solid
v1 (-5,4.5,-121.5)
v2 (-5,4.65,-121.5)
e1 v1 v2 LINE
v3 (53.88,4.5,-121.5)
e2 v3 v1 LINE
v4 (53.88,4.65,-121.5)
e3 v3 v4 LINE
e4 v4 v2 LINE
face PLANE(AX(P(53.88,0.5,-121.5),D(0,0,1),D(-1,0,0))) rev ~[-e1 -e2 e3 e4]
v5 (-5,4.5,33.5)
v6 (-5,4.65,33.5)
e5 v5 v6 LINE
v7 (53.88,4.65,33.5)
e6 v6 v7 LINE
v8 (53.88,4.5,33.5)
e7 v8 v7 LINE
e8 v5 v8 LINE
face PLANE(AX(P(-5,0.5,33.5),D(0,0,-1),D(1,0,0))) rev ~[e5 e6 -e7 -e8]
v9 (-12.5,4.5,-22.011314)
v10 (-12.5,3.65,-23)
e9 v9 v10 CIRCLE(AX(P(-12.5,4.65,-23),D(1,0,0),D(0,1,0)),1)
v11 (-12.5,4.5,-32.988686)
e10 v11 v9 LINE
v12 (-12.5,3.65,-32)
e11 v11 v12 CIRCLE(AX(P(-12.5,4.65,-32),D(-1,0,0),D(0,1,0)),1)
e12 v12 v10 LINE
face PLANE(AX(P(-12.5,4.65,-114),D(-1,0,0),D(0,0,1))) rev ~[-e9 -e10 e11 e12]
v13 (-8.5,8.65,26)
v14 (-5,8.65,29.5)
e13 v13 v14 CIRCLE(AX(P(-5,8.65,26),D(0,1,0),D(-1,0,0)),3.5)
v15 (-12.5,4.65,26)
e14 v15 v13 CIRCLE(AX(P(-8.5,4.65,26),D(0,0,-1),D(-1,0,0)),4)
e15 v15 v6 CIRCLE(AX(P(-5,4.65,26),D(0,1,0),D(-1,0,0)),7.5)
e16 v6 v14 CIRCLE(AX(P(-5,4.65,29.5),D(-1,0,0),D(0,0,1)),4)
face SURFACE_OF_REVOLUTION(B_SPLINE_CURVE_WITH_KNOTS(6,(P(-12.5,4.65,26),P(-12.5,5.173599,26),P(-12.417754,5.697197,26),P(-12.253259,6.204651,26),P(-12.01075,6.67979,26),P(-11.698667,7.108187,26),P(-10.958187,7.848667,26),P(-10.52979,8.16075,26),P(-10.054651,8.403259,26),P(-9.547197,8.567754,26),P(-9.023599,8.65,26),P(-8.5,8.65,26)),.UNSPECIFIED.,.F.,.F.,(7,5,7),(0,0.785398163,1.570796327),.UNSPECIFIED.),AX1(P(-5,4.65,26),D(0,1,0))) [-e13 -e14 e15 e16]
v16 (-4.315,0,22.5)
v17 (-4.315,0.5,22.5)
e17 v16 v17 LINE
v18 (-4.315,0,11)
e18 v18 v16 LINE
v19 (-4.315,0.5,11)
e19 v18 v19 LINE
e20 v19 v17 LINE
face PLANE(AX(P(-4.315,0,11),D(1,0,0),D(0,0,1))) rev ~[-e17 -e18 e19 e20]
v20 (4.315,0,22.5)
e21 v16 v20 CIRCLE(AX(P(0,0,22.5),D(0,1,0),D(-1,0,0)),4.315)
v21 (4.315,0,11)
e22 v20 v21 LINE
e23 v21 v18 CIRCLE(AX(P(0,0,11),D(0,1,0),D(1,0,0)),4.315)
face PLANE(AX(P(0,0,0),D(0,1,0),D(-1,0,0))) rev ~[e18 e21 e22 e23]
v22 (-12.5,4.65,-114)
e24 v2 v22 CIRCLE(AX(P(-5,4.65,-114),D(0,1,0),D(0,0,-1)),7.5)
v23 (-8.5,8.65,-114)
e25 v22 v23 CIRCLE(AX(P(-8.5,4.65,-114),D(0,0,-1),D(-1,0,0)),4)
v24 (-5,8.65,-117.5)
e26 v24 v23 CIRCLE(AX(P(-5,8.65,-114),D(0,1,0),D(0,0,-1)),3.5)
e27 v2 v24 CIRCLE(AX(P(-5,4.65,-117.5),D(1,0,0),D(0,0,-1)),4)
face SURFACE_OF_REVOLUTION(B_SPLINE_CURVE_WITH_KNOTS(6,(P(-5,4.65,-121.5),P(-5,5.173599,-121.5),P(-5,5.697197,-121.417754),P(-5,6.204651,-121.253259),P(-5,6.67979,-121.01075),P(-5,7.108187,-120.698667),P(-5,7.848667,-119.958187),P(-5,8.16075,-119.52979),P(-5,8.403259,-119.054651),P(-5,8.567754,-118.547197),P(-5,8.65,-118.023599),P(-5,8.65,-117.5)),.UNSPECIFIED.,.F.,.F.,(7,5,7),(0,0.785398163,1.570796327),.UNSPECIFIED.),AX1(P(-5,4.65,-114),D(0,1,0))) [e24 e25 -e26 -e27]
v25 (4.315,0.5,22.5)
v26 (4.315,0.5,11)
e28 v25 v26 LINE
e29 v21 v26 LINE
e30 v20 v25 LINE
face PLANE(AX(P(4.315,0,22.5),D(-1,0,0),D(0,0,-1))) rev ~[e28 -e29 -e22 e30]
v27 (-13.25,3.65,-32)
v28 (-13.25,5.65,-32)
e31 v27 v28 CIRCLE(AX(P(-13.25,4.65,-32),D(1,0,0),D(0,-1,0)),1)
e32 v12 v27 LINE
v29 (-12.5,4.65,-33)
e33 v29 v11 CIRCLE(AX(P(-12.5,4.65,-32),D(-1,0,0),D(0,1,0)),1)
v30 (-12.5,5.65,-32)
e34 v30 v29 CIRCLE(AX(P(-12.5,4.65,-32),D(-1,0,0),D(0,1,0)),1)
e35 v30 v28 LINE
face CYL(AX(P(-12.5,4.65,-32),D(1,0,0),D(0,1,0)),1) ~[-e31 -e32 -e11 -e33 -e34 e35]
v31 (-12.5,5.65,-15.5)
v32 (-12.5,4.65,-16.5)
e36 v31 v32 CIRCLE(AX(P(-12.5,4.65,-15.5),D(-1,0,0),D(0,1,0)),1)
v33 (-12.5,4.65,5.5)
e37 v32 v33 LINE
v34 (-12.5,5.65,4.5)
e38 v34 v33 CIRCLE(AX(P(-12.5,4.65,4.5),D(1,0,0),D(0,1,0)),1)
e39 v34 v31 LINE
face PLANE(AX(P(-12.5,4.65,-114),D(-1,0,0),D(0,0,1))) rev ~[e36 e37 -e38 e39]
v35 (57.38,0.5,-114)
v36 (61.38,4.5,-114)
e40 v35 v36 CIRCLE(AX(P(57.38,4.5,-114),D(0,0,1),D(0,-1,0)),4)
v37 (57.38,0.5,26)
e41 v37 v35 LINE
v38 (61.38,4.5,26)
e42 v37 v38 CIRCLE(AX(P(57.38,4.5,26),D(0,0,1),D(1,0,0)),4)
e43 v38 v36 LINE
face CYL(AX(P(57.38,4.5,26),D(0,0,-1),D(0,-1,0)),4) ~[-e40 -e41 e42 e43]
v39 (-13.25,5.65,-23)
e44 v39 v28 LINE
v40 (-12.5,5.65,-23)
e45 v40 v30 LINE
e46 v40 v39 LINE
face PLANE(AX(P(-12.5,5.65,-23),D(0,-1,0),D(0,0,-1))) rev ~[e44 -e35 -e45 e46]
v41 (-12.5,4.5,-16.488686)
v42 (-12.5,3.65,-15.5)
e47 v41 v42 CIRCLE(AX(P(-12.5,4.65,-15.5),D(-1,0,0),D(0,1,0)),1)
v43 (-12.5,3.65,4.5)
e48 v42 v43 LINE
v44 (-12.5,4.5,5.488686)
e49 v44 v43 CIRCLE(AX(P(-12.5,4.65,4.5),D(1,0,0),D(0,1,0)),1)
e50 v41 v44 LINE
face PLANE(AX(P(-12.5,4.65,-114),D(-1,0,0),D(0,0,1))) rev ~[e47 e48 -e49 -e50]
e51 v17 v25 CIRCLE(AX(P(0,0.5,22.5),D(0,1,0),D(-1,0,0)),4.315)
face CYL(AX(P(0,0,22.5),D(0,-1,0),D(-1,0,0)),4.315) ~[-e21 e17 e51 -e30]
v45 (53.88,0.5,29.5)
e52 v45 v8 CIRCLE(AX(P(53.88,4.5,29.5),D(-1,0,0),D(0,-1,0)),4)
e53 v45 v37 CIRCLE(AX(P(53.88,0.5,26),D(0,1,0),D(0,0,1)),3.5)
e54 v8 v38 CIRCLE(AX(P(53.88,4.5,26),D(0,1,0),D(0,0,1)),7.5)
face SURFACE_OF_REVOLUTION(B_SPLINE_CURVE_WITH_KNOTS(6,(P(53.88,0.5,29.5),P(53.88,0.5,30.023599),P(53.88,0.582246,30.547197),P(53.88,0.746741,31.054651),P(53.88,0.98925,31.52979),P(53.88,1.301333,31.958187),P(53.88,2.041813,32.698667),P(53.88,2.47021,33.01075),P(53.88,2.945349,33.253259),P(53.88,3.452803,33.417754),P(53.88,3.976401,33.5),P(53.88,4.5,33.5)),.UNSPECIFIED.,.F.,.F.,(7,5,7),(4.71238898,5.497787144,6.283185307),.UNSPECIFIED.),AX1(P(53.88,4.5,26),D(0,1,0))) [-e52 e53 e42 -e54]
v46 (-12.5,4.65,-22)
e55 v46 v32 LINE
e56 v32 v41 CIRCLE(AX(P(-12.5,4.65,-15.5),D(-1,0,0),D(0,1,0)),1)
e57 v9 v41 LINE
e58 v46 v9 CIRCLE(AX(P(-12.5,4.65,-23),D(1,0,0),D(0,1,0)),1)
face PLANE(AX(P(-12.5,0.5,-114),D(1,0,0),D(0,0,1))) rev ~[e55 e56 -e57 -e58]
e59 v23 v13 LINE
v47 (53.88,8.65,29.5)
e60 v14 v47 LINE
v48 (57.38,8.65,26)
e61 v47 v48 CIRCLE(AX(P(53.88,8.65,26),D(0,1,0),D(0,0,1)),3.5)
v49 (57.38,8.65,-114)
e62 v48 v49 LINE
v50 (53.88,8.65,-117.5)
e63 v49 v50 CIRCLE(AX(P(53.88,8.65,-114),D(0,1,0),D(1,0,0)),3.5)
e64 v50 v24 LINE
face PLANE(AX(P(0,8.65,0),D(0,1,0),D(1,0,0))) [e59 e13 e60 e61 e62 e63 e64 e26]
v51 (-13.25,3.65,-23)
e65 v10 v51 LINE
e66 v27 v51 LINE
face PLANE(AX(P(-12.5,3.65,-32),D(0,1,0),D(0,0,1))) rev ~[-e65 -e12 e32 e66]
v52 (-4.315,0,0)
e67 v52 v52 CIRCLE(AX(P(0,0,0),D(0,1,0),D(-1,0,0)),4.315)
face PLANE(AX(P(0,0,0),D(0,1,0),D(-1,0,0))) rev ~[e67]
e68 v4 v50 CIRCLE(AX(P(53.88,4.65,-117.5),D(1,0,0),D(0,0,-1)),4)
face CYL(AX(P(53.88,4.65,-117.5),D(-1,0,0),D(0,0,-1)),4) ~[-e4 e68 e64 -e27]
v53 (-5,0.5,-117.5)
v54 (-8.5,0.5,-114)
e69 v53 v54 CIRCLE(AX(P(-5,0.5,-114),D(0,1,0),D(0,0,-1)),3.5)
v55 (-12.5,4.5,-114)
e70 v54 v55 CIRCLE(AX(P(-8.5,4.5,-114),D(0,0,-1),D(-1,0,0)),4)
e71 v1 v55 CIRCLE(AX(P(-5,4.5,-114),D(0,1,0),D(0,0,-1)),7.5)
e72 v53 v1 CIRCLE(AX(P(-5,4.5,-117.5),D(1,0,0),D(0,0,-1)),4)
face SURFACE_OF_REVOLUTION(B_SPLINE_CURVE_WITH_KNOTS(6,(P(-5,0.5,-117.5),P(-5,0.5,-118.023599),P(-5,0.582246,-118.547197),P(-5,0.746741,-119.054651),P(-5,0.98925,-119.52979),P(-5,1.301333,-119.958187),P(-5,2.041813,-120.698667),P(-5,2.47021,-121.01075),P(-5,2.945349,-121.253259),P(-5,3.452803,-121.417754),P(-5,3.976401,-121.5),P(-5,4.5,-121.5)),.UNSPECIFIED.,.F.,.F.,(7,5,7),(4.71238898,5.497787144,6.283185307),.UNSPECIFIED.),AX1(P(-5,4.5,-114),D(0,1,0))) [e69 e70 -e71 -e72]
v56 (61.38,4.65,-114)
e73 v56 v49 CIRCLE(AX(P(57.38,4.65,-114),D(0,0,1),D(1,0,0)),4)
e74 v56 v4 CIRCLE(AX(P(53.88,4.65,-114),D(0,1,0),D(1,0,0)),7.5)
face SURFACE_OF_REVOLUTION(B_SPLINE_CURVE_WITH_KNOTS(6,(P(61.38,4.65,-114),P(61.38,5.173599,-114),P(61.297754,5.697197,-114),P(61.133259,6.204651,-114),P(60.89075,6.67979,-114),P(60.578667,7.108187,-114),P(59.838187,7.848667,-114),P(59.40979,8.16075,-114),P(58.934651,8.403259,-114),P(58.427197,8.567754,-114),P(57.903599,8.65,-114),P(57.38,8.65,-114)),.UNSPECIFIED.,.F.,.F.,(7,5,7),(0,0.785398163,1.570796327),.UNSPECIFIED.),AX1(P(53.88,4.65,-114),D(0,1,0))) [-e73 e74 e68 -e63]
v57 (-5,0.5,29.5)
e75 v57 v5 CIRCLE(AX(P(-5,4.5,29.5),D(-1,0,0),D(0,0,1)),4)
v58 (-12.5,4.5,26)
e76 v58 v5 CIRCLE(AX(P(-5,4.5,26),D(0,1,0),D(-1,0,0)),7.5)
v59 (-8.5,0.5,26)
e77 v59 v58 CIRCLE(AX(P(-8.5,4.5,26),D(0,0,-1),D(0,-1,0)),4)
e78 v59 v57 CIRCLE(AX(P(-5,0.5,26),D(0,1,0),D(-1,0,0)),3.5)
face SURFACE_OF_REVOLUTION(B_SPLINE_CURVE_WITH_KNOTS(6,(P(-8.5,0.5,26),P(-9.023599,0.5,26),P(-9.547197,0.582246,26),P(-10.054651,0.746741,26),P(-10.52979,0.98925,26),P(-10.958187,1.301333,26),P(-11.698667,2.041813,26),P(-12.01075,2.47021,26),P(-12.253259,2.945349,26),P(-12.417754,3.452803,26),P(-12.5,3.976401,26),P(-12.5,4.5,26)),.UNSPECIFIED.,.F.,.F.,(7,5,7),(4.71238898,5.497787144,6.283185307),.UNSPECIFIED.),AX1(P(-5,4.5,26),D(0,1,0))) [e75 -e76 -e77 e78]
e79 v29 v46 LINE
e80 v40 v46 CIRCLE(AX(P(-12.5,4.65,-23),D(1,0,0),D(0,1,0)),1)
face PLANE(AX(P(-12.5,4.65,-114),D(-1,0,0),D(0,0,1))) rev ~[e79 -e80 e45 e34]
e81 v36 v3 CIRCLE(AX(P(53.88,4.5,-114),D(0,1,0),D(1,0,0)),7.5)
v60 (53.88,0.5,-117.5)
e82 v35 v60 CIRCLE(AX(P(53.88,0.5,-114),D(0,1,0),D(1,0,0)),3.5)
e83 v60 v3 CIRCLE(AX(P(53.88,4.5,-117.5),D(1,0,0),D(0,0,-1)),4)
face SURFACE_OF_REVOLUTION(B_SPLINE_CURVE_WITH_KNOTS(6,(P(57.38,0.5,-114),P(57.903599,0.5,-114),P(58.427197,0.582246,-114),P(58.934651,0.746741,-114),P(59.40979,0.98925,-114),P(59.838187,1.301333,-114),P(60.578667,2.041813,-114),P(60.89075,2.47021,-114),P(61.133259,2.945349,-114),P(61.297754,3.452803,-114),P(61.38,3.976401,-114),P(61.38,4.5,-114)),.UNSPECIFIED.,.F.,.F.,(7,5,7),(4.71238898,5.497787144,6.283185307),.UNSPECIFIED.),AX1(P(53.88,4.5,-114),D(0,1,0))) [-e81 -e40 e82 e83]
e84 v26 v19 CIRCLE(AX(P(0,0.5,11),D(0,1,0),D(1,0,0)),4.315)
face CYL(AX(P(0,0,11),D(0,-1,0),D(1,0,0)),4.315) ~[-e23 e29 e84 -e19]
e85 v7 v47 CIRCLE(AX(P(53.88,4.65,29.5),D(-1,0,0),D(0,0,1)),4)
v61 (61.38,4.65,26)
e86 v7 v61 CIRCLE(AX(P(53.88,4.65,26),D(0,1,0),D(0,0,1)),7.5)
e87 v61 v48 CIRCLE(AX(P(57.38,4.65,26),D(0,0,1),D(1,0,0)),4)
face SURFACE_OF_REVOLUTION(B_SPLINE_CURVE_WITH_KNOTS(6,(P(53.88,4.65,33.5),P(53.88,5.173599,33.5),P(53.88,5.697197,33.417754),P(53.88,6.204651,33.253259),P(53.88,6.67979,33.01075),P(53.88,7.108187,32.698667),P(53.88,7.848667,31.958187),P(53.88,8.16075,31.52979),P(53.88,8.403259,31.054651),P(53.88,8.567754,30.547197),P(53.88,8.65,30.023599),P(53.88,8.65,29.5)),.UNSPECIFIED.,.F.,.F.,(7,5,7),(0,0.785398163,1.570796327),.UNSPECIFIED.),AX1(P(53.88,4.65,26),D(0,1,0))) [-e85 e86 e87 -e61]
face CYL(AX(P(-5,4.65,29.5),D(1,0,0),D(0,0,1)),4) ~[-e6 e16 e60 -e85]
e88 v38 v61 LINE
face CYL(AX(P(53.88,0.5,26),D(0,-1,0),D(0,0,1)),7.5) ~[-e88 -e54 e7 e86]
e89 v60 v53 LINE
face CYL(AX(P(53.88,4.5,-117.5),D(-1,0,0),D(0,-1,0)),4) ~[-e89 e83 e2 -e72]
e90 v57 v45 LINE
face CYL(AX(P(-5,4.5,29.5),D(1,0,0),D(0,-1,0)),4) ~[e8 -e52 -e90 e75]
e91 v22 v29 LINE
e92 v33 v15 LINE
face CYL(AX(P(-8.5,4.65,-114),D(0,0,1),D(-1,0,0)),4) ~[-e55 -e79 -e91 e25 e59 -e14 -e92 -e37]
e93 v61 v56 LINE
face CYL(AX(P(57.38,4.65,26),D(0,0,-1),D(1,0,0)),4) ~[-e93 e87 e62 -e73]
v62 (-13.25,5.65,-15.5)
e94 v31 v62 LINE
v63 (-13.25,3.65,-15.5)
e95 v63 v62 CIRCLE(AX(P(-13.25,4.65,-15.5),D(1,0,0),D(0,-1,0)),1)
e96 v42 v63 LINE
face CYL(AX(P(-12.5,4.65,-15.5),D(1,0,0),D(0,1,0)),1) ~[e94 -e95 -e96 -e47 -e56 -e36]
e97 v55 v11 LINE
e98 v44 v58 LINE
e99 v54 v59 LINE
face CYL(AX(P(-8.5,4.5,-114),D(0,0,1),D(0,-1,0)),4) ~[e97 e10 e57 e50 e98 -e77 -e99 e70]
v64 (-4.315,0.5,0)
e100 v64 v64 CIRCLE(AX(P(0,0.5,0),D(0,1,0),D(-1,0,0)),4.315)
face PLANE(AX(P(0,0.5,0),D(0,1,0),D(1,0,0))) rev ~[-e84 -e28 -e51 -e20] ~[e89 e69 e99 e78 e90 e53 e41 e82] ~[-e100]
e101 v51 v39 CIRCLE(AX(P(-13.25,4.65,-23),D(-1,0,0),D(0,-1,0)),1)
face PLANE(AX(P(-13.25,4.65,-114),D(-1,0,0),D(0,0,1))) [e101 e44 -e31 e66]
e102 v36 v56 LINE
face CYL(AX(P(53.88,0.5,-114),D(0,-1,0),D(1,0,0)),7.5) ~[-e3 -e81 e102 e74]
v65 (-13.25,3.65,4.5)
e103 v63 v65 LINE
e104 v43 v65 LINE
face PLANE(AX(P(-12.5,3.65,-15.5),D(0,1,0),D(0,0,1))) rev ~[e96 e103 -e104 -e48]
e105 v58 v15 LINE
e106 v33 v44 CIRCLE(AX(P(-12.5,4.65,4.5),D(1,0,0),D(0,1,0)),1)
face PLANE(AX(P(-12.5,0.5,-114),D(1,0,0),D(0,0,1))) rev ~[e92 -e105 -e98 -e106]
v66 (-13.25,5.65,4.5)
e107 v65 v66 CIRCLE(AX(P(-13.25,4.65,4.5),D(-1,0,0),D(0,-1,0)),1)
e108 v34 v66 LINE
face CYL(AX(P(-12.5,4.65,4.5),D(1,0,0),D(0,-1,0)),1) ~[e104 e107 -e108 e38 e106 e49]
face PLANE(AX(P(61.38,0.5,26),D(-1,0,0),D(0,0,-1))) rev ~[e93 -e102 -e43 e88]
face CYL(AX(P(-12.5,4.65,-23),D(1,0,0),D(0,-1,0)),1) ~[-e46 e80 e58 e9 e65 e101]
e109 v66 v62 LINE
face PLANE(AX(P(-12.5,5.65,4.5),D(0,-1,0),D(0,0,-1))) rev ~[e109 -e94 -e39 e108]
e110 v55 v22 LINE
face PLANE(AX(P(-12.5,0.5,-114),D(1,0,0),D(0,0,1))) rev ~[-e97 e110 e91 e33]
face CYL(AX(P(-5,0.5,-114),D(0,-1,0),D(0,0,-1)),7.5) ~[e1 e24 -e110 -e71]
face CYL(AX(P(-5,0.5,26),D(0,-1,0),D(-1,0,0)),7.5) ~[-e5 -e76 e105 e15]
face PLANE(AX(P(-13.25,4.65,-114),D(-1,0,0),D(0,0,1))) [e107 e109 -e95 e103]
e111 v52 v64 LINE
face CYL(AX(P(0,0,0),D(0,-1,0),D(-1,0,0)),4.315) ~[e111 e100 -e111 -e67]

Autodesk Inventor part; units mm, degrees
ref_plane "YZ Plane" through (0, 0, 0) normal (1, 0, 0) x (0, 1, 0)
ref_plane "XZ Plane" through (0, 0, 0) normal (0, 1, 0) x (-1, 0, 0)
ref_plane "XY Plane" through (0, 0, 0) normal (0, 0, 1) x (1, 0, 0)
sketch "Sketch1" plane through (0, 0, 0) normal (0, 1, 0) x (-1, 0, 0)
  circle A0 centre (0, 0) radius 4.315
  line L0 (0, 11) -> (0, 22.5) construction
  line L1 (4.315, 11) -> (4.315, 22.5)
  line L2 (-4.315, 22.5) -> (-4.315, 11)
  arc A1 (-4.315, 11) -> (4.315, 11) centre (0, 11) ccw
  arc A2 (4.315, 22.5) -> (-4.315, 22.5) centre (0, 22.5) ccw
  point P0 (0, 16.75)
  dimension "d0" = 8.63
  dimension "d1" = 11.5
  dimension "d2" = 11
extrude "Extrusion1" add sketch "Sketch1" along normal blind 0.5
sketch "Sketch2" plane through (0, 0.5, 0) normal (0, 1, 0) x (1, 0, 0)
  line L0 (-5, -33.5) -> (53.88, -33.5)
  line L1 (61.38, -26) -> (61.38, 114)
  line L2 (53.88, 121.5) -> (-5, 121.5)
  line L3 (-12.5, 114) -> (-12.5, -26)
  circle A0 centre (0, 0) radius 4.315 projected
  line L4 (-4.315, -11) -> (-4.315, -22.5) projected
  arc A1 (4.315, -11) -> (-4.315, -11) centre (0, -11) ccw projected
  line L5 (4.315, -22.5) -> (4.315, -11) projected
  arc A2 (-4.315, -22.5) -> (4.315, -22.5) centre (0, -22.5) ccw projected
  arc A3 (-12.5, -26) -> (-5, -33.5) centre (-5, -26) ccw
  arc A4 (53.88, -33.5) -> (61.38, -26) centre (53.88, -26) ccw
  arc A5 (61.38, 114) -> (53.88, 121.5) centre (53.88, 114) ccw
  arc A6 (-5, 121.5) -> (-12.5, 114) centre (-5, 114) ccw
  point P0 (61.38, 121.5)
  point P1 (-12.5, 121.5)
  dimension "d5" = 73.88
  dimension "d6" = 155
  dimension "d7" = 33.5
  dimension "d8" = 12.5
  dimension "d9" = 7.5
extrude "Extrusion2" add sketch "Sketch2" along normal blind 8.15 contours A3 L3 A6 L2 A5 L1 A4 L0 | A0 | A1 L5 A2 L4
fillet "Fillet1" radius 4 16 edges at (-10.3033, 0.5, -119.3033) (24.44, 0.5, -121.5) (59.1833, 0.5, -119.3033) (61.38, 0.5, -44) (59.1833, 0.5, 31.3033) (24.44, 0.5, 33.5) (-10.3033, 0.5, 31.3033) (-12.5, 0.5, -44) (-10.3033, 8.65, 31.3033) (24.44, 8.65, 33.5) (59.1833, 8.65, 31.3033) (61.38, 8.65, -44) (59.1833, 8.65, -119.3033) (24.44, 8.65, -121.5) (-10.3033, 8.65, -119.3033) (-12.5, 8.65, -44)
sketch "Sketch3" plane through (-12.5, 4.65, -114) normal (-1, 0, 0) x (0, 0, 1)
  line L0 (0, 0) -> (140, 0) projected
  line L1 (118.5, 0) -> (98.5, 0) construction
  line L2 (118.5, 1) -> (98.5, 1)
  line L3 (98.5, -1) -> (118.5, -1)
  arc A0 (118.5, -1) -> (118.5, 1) centre (118.5, 0) ccw
  arc A1 (98.5, 1) -> (98.5, -1) centre (98.5, 0) ccw
  line L4 (82, 0) -> (91, 0) construction
  line L5 (82, -1) -> (91, -1)
  line L6 (91, 1) -> (82, 1)
  arc A2 (82, 1) -> (82, -1) centre (82, 0) ccw
  arc A3 (91, -1) -> (91, 1) centre (91, 0) ccw
  line L7 (147.5, -0.15) -> (147.5, 0) projected
  point P0 (114, -4.65)
  point P1 (108.5, 0)
  point P2 (86.5, 0)
  dimension "d13" = 20
  dimension "d14" = 2
  dimension "d17" = 9
  dimension "d18" = 2
  dimension "d19" = 29
  dimension "d20" = 7.5
extrude "Extrusion3" add sketch "Sketch3" along normal blind 0.75
properties part number "00_Huawei_P20"
